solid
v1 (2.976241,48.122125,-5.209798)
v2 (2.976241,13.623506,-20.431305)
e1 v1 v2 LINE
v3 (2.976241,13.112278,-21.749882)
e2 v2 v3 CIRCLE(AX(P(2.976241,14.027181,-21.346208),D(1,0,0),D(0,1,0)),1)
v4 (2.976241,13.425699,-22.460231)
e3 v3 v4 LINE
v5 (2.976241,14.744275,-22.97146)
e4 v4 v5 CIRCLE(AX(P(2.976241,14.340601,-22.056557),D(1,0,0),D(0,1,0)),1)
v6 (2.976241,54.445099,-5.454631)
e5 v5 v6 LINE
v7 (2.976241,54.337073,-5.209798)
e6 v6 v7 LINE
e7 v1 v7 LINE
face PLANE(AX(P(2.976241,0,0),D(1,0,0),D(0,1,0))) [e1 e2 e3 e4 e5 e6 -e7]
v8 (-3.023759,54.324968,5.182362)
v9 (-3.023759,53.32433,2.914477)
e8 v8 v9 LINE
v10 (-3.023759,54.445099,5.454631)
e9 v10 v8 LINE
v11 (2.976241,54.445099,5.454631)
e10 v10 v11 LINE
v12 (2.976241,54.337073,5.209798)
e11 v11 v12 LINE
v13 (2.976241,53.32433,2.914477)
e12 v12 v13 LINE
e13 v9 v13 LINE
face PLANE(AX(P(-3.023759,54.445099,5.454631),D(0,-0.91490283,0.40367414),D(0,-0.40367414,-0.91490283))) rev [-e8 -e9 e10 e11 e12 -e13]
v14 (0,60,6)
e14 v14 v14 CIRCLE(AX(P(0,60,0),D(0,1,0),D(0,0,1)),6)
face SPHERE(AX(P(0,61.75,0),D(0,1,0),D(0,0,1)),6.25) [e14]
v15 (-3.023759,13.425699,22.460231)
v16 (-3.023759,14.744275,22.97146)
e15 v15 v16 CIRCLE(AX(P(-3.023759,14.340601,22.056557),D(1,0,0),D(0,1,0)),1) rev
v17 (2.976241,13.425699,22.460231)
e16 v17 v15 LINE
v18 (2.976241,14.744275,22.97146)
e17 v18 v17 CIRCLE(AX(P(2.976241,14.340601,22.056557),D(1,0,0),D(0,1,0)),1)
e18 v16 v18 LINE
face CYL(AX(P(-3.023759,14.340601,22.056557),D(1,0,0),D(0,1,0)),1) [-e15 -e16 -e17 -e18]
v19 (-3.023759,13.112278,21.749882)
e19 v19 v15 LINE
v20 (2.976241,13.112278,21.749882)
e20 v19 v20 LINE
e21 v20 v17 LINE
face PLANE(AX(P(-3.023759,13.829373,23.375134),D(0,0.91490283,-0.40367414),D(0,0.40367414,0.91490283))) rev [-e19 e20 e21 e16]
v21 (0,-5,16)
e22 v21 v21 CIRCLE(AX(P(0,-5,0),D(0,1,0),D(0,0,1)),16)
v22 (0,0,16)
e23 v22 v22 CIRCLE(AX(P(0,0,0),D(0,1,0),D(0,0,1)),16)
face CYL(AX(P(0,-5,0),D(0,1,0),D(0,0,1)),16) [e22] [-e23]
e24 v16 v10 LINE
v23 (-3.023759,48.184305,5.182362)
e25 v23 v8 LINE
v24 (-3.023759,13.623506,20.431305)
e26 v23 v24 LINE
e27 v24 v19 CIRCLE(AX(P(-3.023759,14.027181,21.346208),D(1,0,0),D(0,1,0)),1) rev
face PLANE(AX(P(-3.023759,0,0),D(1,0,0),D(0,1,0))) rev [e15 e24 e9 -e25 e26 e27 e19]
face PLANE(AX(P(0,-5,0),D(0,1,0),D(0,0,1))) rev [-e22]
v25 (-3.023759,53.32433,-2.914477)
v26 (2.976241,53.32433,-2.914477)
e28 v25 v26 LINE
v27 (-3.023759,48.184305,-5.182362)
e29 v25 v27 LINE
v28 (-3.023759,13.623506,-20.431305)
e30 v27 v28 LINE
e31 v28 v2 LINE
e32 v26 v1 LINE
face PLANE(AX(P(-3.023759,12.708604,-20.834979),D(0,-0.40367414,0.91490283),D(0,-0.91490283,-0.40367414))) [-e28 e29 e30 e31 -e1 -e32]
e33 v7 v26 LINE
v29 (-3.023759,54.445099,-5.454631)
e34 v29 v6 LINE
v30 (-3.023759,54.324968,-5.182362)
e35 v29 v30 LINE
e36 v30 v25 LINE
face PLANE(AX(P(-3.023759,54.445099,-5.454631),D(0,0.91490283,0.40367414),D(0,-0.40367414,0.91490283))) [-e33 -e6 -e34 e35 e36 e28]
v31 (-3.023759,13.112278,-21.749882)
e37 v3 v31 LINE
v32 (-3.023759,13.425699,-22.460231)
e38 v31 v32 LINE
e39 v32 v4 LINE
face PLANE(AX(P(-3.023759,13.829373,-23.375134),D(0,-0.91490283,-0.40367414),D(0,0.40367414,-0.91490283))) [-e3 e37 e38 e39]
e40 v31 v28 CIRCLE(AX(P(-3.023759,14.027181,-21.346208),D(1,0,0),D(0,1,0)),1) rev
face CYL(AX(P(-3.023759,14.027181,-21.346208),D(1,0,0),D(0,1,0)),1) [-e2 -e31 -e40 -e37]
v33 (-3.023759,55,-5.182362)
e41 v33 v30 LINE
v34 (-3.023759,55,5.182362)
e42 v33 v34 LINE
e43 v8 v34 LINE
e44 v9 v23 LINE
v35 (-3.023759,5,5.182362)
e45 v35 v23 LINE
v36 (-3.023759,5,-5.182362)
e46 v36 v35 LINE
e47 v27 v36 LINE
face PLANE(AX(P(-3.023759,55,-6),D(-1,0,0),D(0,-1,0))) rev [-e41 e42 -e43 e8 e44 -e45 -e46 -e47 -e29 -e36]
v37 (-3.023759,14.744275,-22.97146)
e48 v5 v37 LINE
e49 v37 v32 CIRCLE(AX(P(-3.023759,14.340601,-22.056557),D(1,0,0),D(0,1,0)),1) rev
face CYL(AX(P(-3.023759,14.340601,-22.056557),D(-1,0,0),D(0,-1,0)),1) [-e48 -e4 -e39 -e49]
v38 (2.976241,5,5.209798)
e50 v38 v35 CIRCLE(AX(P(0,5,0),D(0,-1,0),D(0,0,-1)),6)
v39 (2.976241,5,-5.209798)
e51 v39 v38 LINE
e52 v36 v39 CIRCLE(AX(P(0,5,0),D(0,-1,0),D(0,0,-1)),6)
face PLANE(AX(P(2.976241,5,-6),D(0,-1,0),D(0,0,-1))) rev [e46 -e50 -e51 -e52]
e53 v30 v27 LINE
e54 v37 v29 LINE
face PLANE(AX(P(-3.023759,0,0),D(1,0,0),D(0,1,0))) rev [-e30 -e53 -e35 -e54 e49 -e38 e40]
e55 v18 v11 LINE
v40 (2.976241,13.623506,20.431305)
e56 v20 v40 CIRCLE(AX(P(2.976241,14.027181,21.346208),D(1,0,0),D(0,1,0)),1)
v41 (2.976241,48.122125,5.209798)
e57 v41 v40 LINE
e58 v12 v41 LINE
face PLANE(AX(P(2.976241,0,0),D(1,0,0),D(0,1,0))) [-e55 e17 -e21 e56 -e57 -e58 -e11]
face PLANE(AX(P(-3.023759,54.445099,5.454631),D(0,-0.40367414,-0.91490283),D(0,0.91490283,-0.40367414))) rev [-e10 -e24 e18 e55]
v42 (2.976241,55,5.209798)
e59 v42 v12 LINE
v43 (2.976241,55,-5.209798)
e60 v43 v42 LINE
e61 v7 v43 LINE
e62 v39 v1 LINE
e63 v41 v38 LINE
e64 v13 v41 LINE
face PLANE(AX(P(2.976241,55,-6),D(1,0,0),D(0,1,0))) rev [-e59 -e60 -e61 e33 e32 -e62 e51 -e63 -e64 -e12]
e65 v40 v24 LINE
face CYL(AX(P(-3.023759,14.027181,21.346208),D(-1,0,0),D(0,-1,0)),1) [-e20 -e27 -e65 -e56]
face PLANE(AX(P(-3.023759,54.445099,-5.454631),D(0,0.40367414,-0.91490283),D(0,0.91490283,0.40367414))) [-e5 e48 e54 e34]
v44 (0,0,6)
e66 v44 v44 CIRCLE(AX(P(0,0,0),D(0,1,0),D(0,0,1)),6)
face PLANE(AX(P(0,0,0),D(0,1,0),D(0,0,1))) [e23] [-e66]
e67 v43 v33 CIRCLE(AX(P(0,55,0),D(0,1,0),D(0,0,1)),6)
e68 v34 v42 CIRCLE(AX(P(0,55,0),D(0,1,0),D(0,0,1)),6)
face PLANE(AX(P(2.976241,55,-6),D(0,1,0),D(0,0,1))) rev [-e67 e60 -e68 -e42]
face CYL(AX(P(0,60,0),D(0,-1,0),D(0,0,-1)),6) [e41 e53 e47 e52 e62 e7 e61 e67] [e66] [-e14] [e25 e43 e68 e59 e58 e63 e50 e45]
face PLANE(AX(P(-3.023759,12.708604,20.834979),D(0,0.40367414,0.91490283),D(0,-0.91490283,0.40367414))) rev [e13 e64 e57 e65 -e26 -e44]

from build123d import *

# Parameters (mm, degrees)
SKETCH1_R               = 16
BOSS_EXTRUDE1_DEPTH     = 5
SKETCH2_R               = 6
BOSS_EXTRUDE2_DEPTH     = 60
DOME1_FACE_RADIUS       = 6
DOME1_HEIGHT            = 8
SKETCH3_W               = 6
SKETCH3_H               = 50
CUT_EXTRUDE1_DEPTH      = 6
CUT_EXTRUDE1_DEPTH_BACK = 6
BOSS_EXTRUDE6_DEPTH     = 6
FILLET2_R               = 1
FILLET4_R               = 1
FILLET2_OF_MIRROR2_R    = 1
FILLET4_OF_MIRROR2_R    = 1


with BuildPart() as part:
    # Sketch1 → Boss-Extrude1 (new body)
    with BuildSketch(Plane(origin=(0, 0, 0), x_dir=(1, 0, 0), z_dir=(0, 1, 0))):
        Circle(SKETCH1_R)
    extrude(amount=-BOSS_EXTRUDE1_DEPTH)

    # Sketch2 → Boss-Extrude2 (add)
    with BuildSketch(Plane(origin=(0, 0, 0), x_dir=(1, 0, 0), z_dir=(0, 1, 0))):
        Circle(SKETCH2_R)
    extrude(amount=BOSS_EXTRUDE2_DEPTH)

    # Dome1: a dome of height H over a round flat face of radius A is a cap of a sphere of radius (A * A + H * H) / (2 * H)
    dome1_r = (DOME1_FACE_RADIUS * DOME1_FACE_RADIUS + DOME1_HEIGHT * DOME1_HEIGHT) / (2 * DOME1_HEIGHT)
    dome1_base = Plane((0, 60, 0), z_dir=(0, 1, 0))
    with Locations(dome1_base.offset(DOME1_HEIGHT - dome1_r)):
        dome1_ball = Sphere(dome1_r, mode=Mode.PRIVATE)
    add(split(dome1_ball, bisect_by=dome1_base, keep=Keep.TOP, mode=Mode.PRIVATE))

    # Sketch3 → Cut-Extrude1 (cut, two sides)
    with BuildSketch(Plane.XY) as cut_extrude1_sk:
        with Locations((-0.023759129, 30)):
            Rectangle(SKETCH3_W, SKETCH3_H)
    extrude(amount=CUT_EXTRUDE1_DEPTH, mode=Mode.SUBTRACT)
    extrude(cut_extrude1_sk.sketch, amount=-CUT_EXTRUDE1_DEPTH_BACK, mode=Mode.SUBTRACT)

    # Sketch4 → Boss-Extrude6 (add)
    with BuildSketch(Plane.ZY.offset(-2.976240871)):
        Polygon((5.454631491, 54.445098747), (23.375133838, 13.829372646), (20.834979102, 12.708603592), (2.914476754, 53.324329693), align=None)
    boss_extrude6 = extrude(amount=BOSS_EXTRUDE6_DEPTH)

    # Fillet2
    fillet2_edges = [part.edges().sort_by_distance(p)[0] for p in [
        (-0.023759129, 13.829372646, 23.375133838),
    ]]
    fillet(fillet2_edges, radius=FILLET2_R)

    # Fillet4
    fillet4_edges = [part.edges().sort_by_distance(p)[0] for p in [
        (-0.023759129, 12.708603592, 20.834979102),
    ]]
    fillet(fillet4_edges, radius=FILLET4_R)

    # Mirror2: Boss-Extrude6 across plane
    add(boss_extrude6.mirror(Plane.XY))

    # Fillet2 of Mirror2
    fillet2_of_mirror2_edges = [part.edges().sort_by_distance(p)[0] for p in [
        (-0.023759129, 13.829372646, -23.375133838),
    ]]
    fillet(fillet2_of_mirror2_edges, radius=FILLET2_OF_MIRROR2_R)

    # Fillet4 of Mirror2
    fillet4_of_mirror2_edges = [part.edges().sort_by_distance(p)[0] for p in [
        (-0.023759129, 12.708603592, -20.834979102),
    ]]
    fillet(fillet4_of_mirror2_edges, radius=FILLET4_OF_MIRROR2_R)


solid = part.part
